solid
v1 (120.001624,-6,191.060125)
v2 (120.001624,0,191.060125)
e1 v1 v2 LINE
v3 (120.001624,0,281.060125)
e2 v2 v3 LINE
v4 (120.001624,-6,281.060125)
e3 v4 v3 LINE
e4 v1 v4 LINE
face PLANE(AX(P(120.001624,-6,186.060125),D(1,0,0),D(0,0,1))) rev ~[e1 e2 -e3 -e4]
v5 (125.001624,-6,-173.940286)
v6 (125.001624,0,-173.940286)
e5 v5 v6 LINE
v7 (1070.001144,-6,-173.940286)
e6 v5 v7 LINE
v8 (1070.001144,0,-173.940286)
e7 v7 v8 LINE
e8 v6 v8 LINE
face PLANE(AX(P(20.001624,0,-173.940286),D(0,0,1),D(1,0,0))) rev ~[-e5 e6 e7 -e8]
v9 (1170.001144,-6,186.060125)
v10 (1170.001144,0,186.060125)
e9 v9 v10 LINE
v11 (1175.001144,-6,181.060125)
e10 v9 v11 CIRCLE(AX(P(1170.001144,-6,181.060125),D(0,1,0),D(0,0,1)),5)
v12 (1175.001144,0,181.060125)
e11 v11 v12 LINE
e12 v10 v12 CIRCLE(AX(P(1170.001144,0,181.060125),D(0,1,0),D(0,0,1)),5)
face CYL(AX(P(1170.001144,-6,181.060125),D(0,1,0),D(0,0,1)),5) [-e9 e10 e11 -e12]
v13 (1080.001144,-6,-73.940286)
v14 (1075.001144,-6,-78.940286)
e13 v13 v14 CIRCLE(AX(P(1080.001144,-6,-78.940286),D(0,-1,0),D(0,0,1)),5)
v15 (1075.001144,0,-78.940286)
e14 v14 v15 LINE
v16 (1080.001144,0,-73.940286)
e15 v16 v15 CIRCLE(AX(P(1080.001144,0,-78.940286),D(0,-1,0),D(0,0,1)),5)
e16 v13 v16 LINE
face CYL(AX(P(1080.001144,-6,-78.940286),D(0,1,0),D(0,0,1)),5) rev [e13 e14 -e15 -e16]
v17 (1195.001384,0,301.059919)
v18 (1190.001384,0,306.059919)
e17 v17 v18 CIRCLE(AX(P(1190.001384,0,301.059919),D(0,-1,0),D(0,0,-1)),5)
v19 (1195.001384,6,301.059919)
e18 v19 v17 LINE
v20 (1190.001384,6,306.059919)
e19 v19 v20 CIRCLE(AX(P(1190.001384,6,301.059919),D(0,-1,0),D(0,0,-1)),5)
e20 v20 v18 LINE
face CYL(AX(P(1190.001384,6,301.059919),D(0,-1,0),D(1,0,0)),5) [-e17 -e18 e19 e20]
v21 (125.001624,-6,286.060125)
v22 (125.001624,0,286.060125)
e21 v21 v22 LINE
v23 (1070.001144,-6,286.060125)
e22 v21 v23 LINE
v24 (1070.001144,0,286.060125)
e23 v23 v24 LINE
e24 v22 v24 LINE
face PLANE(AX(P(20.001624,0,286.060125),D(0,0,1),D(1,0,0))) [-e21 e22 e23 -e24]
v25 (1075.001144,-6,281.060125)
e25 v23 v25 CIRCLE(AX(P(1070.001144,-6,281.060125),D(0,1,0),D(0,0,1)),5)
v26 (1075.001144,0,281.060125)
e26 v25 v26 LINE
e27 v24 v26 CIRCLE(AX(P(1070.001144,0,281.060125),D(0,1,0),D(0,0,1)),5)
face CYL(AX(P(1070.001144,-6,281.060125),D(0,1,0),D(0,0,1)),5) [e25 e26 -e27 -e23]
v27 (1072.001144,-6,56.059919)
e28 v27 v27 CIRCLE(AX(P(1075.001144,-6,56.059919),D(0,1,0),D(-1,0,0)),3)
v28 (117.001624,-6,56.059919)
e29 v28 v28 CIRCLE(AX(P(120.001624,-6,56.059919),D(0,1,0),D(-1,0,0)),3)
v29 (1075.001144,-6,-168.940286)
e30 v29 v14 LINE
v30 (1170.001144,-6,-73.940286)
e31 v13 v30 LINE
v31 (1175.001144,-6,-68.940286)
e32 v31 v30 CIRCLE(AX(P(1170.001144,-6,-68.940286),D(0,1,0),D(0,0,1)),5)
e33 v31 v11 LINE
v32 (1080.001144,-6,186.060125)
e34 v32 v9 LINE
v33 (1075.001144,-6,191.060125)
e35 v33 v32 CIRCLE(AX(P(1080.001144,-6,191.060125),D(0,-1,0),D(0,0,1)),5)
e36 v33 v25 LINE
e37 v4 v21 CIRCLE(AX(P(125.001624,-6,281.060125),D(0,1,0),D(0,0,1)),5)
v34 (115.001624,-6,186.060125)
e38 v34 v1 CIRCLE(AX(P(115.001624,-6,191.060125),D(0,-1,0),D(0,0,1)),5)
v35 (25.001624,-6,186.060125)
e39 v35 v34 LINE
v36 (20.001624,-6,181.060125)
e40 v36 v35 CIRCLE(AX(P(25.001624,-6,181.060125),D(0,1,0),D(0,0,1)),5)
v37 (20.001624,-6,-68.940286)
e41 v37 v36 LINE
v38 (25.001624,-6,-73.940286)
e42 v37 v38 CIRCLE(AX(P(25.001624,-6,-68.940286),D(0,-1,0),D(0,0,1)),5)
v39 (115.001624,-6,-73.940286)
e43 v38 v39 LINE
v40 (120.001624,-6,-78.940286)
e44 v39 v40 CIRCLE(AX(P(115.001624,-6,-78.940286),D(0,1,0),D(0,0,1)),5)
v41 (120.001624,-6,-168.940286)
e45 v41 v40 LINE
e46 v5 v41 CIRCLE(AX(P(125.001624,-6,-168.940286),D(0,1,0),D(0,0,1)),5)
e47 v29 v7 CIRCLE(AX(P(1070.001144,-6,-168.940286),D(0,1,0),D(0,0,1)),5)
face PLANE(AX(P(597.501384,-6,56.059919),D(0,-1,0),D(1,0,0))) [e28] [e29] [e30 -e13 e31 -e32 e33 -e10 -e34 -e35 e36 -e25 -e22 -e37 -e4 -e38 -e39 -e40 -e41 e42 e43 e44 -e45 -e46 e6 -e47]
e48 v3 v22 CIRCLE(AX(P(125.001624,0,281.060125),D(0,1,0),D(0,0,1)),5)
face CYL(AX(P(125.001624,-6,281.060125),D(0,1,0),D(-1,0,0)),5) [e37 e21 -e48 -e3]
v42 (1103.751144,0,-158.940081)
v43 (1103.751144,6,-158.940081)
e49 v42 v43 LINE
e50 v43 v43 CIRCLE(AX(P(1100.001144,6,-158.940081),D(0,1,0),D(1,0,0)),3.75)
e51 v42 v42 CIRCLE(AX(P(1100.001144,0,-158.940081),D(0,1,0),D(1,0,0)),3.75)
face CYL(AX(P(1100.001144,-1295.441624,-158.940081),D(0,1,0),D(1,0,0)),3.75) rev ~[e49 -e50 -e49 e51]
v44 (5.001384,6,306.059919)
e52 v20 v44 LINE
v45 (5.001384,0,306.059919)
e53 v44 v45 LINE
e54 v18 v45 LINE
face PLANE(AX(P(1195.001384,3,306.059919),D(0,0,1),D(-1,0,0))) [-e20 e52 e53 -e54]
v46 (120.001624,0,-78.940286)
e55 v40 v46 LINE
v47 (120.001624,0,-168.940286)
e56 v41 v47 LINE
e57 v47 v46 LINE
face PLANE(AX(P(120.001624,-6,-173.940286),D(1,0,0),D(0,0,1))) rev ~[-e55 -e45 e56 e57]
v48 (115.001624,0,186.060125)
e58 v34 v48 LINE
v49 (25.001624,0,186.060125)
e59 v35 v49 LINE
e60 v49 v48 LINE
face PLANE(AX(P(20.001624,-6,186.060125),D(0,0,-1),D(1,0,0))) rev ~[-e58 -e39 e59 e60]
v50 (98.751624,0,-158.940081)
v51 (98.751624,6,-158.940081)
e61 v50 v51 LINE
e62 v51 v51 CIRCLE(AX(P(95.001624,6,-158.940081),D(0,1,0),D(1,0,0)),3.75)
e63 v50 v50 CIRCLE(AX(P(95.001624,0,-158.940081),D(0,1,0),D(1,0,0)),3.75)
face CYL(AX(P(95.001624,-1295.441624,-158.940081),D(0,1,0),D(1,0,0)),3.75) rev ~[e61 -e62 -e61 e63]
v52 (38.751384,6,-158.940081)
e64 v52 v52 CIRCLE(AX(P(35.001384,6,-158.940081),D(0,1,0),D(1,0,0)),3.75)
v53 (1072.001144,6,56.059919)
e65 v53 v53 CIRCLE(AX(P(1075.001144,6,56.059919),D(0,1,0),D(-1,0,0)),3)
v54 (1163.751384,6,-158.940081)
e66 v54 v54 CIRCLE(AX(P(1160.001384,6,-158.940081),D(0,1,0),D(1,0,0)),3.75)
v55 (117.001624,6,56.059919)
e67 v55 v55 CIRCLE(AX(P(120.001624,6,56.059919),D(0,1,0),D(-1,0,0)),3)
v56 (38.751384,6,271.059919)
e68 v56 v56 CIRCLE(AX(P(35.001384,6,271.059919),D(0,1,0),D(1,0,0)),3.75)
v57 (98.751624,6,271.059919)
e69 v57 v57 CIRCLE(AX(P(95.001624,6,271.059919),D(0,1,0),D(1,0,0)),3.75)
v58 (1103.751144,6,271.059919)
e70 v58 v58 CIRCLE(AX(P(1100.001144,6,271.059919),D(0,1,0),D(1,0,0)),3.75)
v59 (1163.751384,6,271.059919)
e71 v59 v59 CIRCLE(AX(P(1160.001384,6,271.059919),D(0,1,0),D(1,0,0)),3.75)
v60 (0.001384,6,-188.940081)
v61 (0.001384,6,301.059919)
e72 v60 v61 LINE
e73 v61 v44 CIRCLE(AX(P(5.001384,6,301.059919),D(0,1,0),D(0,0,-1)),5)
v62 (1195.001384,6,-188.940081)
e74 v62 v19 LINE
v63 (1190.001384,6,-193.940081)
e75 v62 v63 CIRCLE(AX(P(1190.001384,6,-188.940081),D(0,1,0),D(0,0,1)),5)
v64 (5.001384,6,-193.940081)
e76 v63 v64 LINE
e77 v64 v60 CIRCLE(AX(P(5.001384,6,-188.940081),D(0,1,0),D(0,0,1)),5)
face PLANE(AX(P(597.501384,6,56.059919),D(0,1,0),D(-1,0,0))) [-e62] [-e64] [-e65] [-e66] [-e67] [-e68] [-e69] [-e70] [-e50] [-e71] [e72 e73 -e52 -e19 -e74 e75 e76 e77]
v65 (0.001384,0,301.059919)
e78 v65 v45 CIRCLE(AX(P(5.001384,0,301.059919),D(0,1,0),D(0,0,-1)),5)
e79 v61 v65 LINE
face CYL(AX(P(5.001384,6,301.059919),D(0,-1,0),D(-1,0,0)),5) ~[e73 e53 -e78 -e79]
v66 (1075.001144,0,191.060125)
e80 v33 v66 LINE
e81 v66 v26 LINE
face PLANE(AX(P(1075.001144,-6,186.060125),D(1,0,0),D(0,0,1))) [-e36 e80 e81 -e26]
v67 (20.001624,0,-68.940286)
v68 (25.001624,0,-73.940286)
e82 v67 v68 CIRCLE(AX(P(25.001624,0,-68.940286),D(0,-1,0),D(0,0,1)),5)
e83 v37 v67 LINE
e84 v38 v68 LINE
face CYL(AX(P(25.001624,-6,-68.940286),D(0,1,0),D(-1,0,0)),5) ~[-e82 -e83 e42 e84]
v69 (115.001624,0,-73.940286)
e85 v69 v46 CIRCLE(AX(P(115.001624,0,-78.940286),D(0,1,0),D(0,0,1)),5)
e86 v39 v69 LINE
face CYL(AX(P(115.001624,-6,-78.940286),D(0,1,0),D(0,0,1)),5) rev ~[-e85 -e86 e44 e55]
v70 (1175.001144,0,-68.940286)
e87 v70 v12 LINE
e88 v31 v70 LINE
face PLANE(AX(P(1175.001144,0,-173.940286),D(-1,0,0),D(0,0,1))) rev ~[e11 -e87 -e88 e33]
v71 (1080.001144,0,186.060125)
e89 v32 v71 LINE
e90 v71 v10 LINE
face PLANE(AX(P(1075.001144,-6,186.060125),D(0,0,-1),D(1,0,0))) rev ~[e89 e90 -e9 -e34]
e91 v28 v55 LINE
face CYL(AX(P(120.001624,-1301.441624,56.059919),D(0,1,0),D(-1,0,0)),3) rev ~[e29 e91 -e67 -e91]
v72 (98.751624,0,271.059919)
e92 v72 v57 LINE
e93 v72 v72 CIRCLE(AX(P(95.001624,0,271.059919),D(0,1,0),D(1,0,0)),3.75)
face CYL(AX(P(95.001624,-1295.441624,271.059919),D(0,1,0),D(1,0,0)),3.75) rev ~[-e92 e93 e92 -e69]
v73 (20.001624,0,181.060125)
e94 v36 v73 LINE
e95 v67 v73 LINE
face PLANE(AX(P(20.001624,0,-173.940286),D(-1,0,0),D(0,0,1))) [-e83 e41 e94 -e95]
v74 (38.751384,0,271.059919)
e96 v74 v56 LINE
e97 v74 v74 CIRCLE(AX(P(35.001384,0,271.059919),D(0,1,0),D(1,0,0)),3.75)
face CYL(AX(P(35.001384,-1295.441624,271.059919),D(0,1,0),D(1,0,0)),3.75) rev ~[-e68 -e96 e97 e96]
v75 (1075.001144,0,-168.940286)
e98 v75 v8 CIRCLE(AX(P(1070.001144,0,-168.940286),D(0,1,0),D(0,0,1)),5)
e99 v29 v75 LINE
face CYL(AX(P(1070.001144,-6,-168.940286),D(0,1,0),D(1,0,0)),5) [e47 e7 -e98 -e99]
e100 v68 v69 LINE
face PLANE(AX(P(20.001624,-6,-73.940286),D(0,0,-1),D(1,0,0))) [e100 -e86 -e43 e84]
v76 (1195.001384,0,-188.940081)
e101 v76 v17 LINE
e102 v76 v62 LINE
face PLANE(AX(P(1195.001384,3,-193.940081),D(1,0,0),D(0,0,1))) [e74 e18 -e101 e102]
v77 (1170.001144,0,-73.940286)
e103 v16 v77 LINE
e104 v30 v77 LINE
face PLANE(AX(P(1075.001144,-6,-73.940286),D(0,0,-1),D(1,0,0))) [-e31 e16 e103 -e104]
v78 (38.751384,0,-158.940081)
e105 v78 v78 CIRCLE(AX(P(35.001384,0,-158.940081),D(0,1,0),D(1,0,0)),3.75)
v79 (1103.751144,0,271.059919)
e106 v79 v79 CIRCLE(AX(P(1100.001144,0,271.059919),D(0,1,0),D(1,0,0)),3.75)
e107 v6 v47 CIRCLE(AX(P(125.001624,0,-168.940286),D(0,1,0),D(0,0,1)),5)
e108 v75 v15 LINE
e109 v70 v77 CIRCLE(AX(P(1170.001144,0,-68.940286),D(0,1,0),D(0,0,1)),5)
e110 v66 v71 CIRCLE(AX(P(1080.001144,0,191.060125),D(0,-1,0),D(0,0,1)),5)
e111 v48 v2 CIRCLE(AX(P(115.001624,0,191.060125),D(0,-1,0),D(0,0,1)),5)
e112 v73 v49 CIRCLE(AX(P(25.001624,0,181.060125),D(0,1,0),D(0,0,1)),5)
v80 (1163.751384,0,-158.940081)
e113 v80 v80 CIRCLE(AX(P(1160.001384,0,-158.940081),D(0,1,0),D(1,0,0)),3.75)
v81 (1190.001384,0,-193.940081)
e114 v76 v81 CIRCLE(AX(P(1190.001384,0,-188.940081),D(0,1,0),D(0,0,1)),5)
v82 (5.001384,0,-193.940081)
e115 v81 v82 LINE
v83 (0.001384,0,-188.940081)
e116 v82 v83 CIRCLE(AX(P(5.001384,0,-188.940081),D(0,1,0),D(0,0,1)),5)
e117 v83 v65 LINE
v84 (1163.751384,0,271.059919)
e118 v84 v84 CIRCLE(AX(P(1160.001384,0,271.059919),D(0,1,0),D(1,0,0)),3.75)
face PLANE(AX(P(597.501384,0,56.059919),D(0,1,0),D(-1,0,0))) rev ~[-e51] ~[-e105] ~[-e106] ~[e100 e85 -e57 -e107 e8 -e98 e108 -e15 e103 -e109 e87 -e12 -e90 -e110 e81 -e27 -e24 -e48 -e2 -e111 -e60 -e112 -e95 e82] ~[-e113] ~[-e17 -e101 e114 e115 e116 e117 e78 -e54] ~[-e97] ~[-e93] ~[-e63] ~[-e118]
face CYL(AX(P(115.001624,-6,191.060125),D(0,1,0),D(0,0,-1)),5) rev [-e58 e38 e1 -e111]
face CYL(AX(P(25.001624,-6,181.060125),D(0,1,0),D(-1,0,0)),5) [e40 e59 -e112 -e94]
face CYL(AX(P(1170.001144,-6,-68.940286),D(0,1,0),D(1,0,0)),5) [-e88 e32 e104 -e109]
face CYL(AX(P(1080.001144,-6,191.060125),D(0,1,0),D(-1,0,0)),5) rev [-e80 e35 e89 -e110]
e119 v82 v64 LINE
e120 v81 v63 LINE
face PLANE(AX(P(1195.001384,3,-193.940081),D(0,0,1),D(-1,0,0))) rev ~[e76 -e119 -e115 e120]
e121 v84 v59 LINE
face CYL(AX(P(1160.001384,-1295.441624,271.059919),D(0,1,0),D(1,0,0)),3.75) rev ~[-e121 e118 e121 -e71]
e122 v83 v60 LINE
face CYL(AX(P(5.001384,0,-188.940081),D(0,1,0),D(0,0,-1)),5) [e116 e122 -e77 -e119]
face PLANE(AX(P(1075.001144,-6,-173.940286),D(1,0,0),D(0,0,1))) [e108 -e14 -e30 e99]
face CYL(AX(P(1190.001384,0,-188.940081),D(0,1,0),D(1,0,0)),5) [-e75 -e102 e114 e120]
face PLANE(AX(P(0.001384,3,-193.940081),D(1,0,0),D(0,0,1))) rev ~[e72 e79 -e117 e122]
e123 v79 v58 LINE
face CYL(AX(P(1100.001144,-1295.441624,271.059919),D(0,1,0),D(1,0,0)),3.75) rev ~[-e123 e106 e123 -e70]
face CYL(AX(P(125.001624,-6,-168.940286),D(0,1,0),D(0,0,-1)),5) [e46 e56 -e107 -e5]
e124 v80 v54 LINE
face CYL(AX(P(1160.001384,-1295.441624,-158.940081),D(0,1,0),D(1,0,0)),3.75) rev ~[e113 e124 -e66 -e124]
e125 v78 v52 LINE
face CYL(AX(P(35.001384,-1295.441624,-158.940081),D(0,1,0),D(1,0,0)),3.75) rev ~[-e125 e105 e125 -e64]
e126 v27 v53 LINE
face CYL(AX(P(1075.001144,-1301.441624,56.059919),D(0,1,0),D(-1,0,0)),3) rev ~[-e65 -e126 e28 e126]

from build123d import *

# Parameters (mm, degrees)
F0_W     = 1154.9995206296
F0_H     = 460.000410676
F1_DEPTH = 6
F2_W     = 100
F2_H     = 100
F3_DEPTH = 6
F4_R     = 5
F5_W     = 1195
F5_H     = 500
F6_DEPTH = 3
F7_W     = 1195
F7_H     = 500
F8_DEPTH = 3
F9_R     = 5
F10_D    = 7.5
F12_D    = 6


with BuildPart() as f1:
    # F0 (on Front) → F1 (new body)
    with BuildSketch(Plane.XZ):
        with Locations((597.5013840944, 56.0599192977)):
            Rectangle(F0_W, F0_H)
    extrude(amount=F1_DEPTH)

    # F2 (on face) → F3 (cut)
    with BuildSketch(Plane.XZ.offset(6)):
        with Locations((70.0016237795, 236.0601246357)):
            Rectangle(F2_W, F2_H)
        with Locations((1125.0011444092, -123.9402860403)):
            Rectangle(F2_W, F2_H)
        with Locations((1125.0011444092, 236.0601246357)):
            Rectangle(F2_W, F2_H)
        with Locations((70.0016237795, -123.9402860403)):
            Rectangle(F2_W, F2_H)
    extrude(amount=-F3_DEPTH, mode=Mode.SUBTRACT)

    # F4
    f4_edges = [f1.edges().sort_by_distance(p)[0] for p in [
        (120.001624, -3, 286.060125),
        (120.001624, -3, 186.060125),
        (20.001624, -3, 186.060125),
        (20.001624, -3, -73.940286),
        (120.001624, -3, -73.940286),
        (120.001624, -3, -173.940286),
        (1075.001144, -3, -173.940286),
        (1075.001144, -3, -73.940286),
        (1175.001144, -3, -73.940286),
        (1175.001144, -3, 186.060125),
        (1075.001144, -3, 186.060125),
        (1075.001144, -3, 286.060125),
    ]]
    fillet(f4_edges, radius=F4_R)

    # F5 (on face) → F6 (join)
    with BuildSketch(Plane(origin=(0, 0, 0), x_dir=(-1, 0, 0), z_dir=(0, 1, 0))):
        with Locations((-597.5013840944, 56.0599192977)):
            Rectangle(F5_W, F5_H)
    extrude(amount=F6_DEPTH)

    # F7 (on face) → F8 (join)
    with BuildSketch(Plane(origin=(0, 3, 0), x_dir=(-1, 0, 0), z_dir=(0, 1, 0))):
        with Locations((-597.5013840944, 56.0599192977)):
            Rectangle(F7_W, F7_H)
    extrude(amount=F8_DEPTH)

    # F9
    f9_edges = [f1.edges().sort_by_distance(p)[0] for p in [
        (0.001384, 3, 306.059919),
        (0.001384, 3, -193.940081),
        (1195.001384, 3, -193.940081),
        (1195.001384, 3, 306.059919),
    ]]
    fillet(f9_edges, radius=F9_R)

    # F10 (through all)
    with Locations(Plane(origin=(0, 0, 0), x_dir=(-1, 0, 0), z_dir=(0, -1, 0))):
        with Locations((-35.0013840944, -271.0599192977), (-95.0016237795, -271.0599192977), (-35.0013840944, 158.9400807023), (-95.0016237795, 158.9400807023), (-1100.0011444092, -271.0599192977), (-1160.0013840944, -271.0599192977), (-1160.0013840944, 158.9400807023), (-1100.0011444092, 158.9400807023)):
            Hole(F10_D / 2)

    # F12 (through all)
    with Locations(Plane.XZ.offset(6)):
        with Locations((120.0016237795, 56.0599192977), (1075.0011444092, 56.0599192977)):
            Hole(F12_D / 2)


solid = f1.part
